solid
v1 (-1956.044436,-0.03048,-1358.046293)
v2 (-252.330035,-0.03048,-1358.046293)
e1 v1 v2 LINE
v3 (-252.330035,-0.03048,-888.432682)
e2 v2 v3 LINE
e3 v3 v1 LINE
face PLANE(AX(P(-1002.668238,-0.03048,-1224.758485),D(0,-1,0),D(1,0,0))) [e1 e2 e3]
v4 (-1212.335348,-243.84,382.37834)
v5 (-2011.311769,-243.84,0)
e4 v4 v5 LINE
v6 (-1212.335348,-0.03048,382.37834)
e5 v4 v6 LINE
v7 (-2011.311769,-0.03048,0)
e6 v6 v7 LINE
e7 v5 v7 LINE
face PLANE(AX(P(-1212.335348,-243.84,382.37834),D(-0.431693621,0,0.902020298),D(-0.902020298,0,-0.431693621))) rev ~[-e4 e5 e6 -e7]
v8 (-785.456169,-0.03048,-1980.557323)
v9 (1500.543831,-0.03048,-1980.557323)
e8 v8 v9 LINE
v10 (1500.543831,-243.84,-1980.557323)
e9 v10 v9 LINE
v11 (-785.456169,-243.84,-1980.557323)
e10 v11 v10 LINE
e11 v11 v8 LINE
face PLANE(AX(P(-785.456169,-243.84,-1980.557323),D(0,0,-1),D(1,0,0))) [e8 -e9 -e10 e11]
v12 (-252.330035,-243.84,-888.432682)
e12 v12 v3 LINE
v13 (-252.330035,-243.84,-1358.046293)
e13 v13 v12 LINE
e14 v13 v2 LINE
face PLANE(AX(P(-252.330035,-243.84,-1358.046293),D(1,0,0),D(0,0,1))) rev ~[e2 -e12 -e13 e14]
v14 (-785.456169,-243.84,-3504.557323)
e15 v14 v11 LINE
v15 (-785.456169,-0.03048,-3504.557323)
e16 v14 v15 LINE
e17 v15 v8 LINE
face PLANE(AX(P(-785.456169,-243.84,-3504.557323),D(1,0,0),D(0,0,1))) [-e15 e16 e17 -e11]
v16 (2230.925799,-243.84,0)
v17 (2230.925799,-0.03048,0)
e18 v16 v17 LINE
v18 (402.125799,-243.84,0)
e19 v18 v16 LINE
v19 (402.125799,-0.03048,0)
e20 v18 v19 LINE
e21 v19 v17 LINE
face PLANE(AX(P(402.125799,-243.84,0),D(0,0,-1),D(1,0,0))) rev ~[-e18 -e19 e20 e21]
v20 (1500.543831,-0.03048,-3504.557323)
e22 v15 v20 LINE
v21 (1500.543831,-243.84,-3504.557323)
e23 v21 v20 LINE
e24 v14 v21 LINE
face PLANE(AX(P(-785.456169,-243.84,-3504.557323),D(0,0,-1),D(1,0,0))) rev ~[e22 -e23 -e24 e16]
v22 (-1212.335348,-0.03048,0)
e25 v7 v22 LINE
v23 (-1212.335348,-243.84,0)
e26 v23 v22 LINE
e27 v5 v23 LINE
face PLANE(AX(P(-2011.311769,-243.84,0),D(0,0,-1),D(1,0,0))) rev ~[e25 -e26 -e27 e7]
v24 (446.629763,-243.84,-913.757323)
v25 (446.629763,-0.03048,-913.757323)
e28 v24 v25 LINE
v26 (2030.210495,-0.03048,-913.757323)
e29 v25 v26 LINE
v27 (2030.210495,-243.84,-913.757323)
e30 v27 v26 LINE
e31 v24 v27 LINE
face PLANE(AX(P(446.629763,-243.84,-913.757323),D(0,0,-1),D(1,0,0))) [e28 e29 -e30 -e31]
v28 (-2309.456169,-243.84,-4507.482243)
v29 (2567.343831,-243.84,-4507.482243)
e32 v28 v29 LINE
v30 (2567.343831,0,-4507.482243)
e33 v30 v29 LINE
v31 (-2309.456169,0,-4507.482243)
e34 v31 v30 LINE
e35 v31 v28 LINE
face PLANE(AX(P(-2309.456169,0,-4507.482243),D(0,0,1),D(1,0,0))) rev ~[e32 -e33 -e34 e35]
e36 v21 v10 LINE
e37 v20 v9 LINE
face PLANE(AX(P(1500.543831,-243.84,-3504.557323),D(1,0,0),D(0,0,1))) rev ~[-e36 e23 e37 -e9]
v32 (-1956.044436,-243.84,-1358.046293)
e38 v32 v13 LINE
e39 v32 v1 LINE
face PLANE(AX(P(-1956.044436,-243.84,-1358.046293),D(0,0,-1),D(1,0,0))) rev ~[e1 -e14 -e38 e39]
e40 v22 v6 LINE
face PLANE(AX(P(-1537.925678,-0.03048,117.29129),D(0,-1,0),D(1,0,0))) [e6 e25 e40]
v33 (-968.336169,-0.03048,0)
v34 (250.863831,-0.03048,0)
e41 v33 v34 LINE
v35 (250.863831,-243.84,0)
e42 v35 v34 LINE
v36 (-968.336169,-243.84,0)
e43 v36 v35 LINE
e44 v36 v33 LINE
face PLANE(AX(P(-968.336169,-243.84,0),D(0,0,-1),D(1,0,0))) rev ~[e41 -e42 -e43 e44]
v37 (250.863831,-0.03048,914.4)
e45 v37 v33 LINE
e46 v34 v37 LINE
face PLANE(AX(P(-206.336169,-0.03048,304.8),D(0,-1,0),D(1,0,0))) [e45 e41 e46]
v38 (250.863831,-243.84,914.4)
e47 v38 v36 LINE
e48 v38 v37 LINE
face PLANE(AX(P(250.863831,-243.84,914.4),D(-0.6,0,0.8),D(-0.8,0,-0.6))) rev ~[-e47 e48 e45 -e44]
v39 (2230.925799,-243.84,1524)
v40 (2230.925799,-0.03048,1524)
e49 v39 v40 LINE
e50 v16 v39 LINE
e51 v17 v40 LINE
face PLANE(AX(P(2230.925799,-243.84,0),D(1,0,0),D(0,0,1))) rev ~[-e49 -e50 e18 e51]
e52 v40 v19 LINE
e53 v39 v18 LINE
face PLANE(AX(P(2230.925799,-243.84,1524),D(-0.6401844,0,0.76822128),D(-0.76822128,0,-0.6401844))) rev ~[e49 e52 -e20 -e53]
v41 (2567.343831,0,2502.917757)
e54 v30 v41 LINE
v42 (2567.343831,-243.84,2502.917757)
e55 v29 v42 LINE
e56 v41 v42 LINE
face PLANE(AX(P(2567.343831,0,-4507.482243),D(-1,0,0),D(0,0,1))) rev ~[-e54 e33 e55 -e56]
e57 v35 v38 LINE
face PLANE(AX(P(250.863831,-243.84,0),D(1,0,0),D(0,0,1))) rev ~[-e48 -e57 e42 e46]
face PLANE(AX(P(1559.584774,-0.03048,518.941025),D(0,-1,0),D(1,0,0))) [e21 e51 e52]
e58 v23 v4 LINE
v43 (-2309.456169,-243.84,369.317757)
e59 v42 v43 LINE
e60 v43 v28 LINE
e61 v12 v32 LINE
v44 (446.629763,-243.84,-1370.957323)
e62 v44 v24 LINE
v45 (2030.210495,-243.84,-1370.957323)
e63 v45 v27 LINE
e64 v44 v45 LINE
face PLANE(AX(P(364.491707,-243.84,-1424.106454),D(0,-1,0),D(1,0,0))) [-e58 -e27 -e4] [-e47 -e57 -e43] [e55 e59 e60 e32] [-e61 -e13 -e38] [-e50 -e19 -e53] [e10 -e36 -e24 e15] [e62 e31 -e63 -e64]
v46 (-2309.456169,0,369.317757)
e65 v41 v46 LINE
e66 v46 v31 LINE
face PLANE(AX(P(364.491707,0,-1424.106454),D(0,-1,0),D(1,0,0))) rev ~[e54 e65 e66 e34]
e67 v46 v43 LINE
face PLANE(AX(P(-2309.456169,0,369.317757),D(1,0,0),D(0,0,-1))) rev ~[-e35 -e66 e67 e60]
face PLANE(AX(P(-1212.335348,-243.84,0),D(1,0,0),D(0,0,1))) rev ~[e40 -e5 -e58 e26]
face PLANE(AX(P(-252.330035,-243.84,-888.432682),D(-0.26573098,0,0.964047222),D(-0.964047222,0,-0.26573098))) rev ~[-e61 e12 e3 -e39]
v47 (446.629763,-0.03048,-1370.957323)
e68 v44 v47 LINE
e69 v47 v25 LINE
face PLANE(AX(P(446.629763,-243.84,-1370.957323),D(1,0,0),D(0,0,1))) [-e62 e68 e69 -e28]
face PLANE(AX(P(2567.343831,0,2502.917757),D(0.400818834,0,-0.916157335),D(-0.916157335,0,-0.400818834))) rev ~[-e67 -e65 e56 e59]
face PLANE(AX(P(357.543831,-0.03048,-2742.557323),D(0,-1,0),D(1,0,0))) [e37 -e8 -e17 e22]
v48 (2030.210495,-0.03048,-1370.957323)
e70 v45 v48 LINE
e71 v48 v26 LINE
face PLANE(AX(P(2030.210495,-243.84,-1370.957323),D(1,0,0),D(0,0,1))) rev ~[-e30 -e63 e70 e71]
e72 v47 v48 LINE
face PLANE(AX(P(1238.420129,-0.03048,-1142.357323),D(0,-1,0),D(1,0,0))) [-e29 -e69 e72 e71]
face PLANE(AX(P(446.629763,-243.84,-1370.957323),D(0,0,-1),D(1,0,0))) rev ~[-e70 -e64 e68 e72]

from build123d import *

# Parameters (mm, degrees)
F1_DEPTH = 243.84
F2_W     = 2286
F2_H     = 1524
F2_W_2   = 1583.580732
F2_H_2   = 457.2
F3_DEPTH = 243.80952


with BuildPart() as f1:
    # F0 (on Front) → F1 (new body)
    with BuildSketch(Plane.XZ):
        Polygon((2567.343831, 2502.917757), (-2309.456169, 369.317757), (-2309.456169, -4507.482243), (2567.343831, -4507.482243), align=None)
    extrude(amount=F1_DEPTH)

    # F2 (on face) → F3 (cut)
    with BuildSketch(Plane.XZ.offset(243.84)):
        Polygon((2230.925799, 0), (2230.925799, 1524), (402.125799, 0), align=None)
        Polygon((250.863831, 0), (250.863831, 914.4), (-968.336169, 0), align=None)
        Polygon((-1212.335348, 0), (-1212.335348, 382.37834), (-2011.311769, 0), align=None)
        with Locations((357.543831, -2742.557323)):
            Rectangle(F2_W, F2_H)
        with Locations((1238.420129, -1142.357323)):
            Rectangle(F2_W_2, F2_H_2)
        Polygon((-252.330035, -1358.046293), (-252.330035, -888.432682), (-1956.044436, -1358.046293), align=None)
    extrude(amount=-F3_DEPTH, mode=Mode.SUBTRACT)


solid = f1.part
